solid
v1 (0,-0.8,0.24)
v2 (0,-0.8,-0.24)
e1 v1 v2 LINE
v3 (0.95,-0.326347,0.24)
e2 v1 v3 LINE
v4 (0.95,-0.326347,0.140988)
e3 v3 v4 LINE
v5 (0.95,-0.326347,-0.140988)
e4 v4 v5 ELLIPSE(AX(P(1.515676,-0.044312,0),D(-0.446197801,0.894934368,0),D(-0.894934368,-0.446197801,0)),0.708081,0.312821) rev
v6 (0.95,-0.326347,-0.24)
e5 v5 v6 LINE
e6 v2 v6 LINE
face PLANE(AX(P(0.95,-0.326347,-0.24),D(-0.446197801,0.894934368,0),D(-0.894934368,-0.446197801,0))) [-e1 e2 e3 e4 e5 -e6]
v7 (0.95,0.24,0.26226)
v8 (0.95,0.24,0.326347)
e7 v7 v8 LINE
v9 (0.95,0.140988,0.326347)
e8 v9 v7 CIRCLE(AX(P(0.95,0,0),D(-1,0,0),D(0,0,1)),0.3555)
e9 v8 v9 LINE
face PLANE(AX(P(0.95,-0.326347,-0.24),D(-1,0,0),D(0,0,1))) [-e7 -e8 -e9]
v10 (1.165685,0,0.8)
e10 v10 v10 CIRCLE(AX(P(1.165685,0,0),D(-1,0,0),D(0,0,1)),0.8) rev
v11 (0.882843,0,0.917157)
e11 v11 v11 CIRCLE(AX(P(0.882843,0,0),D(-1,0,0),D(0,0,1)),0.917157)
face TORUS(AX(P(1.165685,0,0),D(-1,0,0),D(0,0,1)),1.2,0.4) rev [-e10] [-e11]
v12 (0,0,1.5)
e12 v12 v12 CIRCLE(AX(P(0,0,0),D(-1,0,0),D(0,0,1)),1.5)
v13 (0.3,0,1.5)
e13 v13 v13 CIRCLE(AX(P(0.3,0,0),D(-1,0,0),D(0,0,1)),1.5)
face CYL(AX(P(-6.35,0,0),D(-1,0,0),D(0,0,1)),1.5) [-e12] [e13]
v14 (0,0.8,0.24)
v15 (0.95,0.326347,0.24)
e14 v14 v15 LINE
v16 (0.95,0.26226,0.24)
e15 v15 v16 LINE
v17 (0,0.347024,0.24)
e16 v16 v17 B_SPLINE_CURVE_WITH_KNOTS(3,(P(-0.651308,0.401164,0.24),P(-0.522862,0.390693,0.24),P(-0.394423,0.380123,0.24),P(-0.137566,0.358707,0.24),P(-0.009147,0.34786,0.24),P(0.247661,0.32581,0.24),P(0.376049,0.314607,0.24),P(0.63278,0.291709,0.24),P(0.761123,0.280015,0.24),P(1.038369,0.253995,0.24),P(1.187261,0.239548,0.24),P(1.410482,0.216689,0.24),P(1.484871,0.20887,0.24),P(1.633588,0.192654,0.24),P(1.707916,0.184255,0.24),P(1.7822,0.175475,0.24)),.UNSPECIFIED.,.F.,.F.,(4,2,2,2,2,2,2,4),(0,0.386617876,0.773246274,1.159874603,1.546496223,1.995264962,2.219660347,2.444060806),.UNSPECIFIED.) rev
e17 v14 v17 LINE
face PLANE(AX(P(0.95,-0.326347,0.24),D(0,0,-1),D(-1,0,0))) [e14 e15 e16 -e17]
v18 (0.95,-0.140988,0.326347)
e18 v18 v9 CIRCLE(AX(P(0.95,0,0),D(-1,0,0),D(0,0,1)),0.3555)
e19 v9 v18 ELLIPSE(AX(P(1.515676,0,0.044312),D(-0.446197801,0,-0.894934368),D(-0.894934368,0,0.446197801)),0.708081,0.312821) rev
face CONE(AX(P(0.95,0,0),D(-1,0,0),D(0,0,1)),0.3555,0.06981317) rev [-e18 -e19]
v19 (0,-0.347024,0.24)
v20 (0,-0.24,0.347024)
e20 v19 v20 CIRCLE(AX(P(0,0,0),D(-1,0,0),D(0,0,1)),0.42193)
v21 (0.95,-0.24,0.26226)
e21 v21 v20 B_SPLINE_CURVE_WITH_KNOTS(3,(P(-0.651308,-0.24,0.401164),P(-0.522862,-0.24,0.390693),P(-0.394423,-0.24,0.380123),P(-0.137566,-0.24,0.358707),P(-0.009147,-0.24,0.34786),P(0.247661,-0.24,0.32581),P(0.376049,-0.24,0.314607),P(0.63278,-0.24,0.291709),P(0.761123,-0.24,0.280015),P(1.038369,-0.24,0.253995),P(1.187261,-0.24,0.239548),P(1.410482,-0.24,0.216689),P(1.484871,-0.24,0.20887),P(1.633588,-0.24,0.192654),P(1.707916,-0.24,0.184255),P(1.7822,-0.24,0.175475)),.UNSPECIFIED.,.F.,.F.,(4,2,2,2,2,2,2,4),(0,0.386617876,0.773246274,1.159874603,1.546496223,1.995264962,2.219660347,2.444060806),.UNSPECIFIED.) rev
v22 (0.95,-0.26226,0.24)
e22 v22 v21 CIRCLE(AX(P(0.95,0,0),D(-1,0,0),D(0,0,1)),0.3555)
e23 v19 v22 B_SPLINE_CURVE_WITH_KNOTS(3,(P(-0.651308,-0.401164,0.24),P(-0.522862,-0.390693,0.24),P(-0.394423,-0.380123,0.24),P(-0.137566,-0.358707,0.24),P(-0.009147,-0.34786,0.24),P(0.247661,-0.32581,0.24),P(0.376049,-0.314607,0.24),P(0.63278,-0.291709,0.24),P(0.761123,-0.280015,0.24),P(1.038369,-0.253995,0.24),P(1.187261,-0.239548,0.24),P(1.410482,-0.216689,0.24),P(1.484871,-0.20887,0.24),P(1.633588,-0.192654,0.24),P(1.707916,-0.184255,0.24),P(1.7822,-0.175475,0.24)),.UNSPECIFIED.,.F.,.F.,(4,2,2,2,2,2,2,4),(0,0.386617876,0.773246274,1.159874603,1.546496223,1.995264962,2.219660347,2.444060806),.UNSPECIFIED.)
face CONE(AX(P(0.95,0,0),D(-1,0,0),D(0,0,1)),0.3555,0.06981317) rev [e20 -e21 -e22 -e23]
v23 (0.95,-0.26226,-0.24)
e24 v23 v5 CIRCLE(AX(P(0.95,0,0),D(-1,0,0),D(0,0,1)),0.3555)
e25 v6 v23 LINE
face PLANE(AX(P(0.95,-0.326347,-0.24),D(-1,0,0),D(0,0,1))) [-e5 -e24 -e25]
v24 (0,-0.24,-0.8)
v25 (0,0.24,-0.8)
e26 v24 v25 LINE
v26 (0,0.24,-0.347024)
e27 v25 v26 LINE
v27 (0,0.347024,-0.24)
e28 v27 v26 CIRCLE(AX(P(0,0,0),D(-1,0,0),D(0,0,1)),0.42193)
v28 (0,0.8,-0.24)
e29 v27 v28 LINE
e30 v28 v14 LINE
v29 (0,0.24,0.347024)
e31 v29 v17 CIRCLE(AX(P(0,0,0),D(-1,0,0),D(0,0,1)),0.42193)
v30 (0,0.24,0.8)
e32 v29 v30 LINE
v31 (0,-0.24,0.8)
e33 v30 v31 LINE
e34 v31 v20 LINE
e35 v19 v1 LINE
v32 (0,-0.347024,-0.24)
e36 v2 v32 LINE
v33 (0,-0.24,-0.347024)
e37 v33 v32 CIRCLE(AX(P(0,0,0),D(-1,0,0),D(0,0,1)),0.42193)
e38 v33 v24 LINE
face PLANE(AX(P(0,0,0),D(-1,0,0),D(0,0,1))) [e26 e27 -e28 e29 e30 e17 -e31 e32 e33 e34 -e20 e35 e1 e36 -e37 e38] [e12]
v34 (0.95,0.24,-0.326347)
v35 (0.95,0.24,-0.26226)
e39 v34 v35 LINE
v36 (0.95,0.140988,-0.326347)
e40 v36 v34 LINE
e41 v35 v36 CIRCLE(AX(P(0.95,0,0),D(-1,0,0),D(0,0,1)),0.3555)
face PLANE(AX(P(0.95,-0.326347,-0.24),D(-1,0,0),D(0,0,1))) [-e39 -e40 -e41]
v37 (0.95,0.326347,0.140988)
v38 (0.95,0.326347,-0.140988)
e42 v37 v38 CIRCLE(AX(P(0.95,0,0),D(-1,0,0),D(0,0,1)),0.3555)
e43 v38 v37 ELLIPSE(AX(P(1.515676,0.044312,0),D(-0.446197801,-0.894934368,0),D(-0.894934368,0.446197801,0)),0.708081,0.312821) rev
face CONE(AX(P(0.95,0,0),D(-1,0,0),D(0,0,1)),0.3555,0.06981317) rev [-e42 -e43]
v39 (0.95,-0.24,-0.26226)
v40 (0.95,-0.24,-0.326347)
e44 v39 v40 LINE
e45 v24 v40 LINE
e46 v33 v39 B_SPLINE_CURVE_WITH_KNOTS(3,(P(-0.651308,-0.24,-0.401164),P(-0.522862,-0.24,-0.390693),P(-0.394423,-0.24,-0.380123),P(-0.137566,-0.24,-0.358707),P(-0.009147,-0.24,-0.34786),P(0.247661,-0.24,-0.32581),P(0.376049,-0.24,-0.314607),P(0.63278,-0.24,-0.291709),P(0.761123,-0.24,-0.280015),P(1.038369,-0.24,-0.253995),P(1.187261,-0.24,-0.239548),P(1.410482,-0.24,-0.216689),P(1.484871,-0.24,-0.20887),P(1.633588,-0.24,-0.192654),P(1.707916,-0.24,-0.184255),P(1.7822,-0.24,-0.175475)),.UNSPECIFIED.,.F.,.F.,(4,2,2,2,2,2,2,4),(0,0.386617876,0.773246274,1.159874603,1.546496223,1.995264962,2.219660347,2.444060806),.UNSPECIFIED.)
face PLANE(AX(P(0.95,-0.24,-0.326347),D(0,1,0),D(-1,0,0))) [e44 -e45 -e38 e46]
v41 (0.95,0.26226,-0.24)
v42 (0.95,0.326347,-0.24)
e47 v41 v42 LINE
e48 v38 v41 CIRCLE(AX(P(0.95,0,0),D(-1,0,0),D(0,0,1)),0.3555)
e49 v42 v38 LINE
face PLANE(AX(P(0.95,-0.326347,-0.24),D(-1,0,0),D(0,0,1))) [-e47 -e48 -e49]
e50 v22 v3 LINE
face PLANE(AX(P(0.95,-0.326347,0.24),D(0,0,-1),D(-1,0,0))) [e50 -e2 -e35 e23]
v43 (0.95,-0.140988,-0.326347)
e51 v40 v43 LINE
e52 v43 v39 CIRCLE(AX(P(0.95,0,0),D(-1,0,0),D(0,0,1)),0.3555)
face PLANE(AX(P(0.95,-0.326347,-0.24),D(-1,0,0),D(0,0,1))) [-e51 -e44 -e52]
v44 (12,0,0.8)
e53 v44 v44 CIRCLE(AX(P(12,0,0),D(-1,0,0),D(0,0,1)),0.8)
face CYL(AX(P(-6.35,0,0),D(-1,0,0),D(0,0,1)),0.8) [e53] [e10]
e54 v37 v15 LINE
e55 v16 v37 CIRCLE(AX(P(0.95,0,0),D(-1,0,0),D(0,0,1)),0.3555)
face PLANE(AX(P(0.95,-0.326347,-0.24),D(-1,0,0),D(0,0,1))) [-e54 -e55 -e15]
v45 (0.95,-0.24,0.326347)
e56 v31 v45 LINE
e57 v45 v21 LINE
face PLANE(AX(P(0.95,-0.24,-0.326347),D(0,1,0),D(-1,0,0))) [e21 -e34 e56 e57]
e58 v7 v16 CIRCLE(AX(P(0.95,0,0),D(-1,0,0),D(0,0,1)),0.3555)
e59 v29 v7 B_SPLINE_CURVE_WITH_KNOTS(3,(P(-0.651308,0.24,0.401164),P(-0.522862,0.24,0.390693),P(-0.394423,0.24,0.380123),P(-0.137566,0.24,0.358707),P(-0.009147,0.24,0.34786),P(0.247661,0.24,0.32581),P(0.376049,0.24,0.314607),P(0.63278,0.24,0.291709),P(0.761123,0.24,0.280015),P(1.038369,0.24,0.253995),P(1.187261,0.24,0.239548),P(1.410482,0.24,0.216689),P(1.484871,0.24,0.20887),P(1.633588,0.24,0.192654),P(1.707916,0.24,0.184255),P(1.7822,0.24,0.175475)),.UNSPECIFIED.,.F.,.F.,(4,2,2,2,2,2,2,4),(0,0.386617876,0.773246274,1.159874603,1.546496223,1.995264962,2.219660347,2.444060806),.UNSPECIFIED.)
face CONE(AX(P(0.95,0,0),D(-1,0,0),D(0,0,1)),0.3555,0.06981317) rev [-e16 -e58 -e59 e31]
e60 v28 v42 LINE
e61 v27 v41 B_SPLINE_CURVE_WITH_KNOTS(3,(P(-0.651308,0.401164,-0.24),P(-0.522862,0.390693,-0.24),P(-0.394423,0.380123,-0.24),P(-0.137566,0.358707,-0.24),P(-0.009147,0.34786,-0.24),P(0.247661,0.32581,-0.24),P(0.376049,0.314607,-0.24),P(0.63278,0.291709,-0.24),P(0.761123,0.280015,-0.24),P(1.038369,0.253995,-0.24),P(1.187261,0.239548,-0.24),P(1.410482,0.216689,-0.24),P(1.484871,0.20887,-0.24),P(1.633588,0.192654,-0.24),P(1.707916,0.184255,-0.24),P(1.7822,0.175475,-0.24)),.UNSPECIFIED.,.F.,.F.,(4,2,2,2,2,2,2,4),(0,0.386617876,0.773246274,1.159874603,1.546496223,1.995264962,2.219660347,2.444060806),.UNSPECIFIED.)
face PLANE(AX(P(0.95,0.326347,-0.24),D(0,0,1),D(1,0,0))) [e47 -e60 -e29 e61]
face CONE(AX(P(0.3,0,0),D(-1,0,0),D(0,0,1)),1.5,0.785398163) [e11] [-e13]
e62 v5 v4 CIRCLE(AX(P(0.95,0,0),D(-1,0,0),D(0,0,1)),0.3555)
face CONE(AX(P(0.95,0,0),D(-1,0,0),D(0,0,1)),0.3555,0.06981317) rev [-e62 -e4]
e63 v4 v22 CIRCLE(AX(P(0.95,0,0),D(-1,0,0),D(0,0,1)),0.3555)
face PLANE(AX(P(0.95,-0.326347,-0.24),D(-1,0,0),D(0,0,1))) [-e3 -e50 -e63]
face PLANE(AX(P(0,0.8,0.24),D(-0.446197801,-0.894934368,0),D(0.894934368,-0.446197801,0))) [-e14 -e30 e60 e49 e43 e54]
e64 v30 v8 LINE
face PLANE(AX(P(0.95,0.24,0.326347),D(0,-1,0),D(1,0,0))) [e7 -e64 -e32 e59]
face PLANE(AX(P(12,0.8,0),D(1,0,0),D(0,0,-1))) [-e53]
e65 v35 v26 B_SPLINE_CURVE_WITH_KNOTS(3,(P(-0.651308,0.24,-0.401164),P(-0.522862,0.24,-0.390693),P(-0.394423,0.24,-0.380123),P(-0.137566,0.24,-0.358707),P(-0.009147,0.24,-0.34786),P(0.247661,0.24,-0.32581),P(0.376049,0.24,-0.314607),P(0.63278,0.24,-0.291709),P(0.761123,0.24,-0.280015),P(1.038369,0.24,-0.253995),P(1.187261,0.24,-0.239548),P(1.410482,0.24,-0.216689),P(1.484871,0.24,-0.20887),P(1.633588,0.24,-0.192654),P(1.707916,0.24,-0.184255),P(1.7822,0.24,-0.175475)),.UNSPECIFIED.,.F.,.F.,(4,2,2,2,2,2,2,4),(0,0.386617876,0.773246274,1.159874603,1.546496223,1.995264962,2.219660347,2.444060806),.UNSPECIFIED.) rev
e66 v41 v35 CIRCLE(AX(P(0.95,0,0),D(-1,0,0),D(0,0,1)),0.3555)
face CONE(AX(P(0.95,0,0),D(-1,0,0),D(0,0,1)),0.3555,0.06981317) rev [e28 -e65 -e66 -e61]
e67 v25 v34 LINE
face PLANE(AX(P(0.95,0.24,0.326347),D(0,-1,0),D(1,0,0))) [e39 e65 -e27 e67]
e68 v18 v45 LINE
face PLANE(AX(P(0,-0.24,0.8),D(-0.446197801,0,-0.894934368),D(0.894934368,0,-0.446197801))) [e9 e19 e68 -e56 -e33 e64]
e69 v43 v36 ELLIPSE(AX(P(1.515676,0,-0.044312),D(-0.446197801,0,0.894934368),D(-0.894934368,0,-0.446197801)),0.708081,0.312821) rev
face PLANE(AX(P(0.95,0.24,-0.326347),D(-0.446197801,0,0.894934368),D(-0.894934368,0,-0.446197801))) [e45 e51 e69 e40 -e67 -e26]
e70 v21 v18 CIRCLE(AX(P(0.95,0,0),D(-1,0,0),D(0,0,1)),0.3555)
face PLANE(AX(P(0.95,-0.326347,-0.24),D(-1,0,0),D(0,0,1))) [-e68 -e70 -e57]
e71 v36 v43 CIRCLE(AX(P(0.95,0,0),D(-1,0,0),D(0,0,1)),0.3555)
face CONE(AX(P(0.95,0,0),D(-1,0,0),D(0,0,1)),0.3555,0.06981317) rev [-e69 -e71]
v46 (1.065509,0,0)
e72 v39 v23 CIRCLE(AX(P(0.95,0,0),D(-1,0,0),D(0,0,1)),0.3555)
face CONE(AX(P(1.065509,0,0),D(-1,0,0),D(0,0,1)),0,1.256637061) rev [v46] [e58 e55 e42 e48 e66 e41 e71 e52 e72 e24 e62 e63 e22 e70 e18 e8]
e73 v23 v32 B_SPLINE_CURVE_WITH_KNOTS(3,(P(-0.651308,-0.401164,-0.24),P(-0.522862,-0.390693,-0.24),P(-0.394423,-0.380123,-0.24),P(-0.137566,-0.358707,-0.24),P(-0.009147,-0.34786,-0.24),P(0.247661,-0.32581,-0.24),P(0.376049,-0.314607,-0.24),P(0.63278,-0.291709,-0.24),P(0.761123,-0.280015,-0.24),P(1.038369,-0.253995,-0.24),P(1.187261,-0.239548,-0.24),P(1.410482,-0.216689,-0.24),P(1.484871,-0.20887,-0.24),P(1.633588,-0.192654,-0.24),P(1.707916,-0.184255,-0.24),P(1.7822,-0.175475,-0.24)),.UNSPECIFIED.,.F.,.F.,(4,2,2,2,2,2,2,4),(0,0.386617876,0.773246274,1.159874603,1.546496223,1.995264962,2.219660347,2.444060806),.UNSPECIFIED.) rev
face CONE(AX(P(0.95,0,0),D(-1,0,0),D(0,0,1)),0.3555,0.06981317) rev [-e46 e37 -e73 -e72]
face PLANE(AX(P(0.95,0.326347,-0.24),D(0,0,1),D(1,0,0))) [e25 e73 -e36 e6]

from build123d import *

# Parameters (mm, degrees)
FILLET1_R    = 0.4
RECPAT_COUNT = 2
RECPAT_ANGLE = 90


with BuildPart() as part:
    # BodySke → Base-Revolve (revolve)
    with BuildSketch(Plane.XY, mode=Mode.PRIVATE) as base_revolve_sk:
        Polygon((0, 0), (0, 1.5), (0.3, 1.5), (1, 0.8), (12, 0.8), (12, 0), align=None)
    revolve(base_revolve_sk.sketch.rotate(Axis((-6.35, 0, 0), (1, 0, 0)), 90), axis=Axis((-6.35, 0, 0), (1, 0, 0)))

    # Fillet1
    fillet1_edges = [part.edges().sort_by_distance(p)[0] for p in [
        (1, 0, -0.8),
    ]]
    fillet(fillet1_edges, radius=FILLET1_R)

    # Sketch3 → Recess section 0
    with BuildSketch(Plane.ZY):
        with BuildLine():
            Line((-0.24, 0.8), (0.24, 0.8))
            Line((0.24, 0.8), (0.24, -0.8))
            Line((0.24, -0.8), (-0.24, -0.8))
            Line((-0.24, -0.8), (-0.24, 0.8))
        make_face()
    # Sketch4 → Recess section 1
    with BuildSketch(Plane.ZY.offset(-0.95)):
        with BuildLine():
            Line((-0.24, 0.326347489), (0.24, 0.326347489))
            Line((0.24, 0.326347489), (0.24, -0.326347489))
            Line((0.24, -0.326347489), (-0.24, -0.326347489))
            Line((-0.24, -0.326347489), (-0.24, 0.326347489))
        make_face()
    recess = loft(mode=Mode.SUBTRACT)

    # RecPat: Recess ×2 about axis
    recpat_axis = Axis((0, 0, 0), (1, 0, 0))
    for i in range(1, RECPAT_COUNT):
        add(recess.rotate(recpat_axis, i * RECPAT_ANGLE / (RECPAT_COUNT - 1)), mode=Mode.SUBTRACT)

    # RecCorSke → RecessCore (revolve, cut)
    with BuildSketch(Plane.XY, mode=Mode.PRIVATE) as recesscore_sk:
        Polygon((0, 0), (0, 0.421930471), (0.95, 0.3555), (1.065508952, 0), align=None)
    revolve(recesscore_sk.sketch.rotate(Axis((-3.175, 0, 0), (1, 0, 0)), 90), axis=Axis((-3.175, 0, 0), (1, 0, 0)), mode=Mode.SUBTRACT)


solid = part.part
